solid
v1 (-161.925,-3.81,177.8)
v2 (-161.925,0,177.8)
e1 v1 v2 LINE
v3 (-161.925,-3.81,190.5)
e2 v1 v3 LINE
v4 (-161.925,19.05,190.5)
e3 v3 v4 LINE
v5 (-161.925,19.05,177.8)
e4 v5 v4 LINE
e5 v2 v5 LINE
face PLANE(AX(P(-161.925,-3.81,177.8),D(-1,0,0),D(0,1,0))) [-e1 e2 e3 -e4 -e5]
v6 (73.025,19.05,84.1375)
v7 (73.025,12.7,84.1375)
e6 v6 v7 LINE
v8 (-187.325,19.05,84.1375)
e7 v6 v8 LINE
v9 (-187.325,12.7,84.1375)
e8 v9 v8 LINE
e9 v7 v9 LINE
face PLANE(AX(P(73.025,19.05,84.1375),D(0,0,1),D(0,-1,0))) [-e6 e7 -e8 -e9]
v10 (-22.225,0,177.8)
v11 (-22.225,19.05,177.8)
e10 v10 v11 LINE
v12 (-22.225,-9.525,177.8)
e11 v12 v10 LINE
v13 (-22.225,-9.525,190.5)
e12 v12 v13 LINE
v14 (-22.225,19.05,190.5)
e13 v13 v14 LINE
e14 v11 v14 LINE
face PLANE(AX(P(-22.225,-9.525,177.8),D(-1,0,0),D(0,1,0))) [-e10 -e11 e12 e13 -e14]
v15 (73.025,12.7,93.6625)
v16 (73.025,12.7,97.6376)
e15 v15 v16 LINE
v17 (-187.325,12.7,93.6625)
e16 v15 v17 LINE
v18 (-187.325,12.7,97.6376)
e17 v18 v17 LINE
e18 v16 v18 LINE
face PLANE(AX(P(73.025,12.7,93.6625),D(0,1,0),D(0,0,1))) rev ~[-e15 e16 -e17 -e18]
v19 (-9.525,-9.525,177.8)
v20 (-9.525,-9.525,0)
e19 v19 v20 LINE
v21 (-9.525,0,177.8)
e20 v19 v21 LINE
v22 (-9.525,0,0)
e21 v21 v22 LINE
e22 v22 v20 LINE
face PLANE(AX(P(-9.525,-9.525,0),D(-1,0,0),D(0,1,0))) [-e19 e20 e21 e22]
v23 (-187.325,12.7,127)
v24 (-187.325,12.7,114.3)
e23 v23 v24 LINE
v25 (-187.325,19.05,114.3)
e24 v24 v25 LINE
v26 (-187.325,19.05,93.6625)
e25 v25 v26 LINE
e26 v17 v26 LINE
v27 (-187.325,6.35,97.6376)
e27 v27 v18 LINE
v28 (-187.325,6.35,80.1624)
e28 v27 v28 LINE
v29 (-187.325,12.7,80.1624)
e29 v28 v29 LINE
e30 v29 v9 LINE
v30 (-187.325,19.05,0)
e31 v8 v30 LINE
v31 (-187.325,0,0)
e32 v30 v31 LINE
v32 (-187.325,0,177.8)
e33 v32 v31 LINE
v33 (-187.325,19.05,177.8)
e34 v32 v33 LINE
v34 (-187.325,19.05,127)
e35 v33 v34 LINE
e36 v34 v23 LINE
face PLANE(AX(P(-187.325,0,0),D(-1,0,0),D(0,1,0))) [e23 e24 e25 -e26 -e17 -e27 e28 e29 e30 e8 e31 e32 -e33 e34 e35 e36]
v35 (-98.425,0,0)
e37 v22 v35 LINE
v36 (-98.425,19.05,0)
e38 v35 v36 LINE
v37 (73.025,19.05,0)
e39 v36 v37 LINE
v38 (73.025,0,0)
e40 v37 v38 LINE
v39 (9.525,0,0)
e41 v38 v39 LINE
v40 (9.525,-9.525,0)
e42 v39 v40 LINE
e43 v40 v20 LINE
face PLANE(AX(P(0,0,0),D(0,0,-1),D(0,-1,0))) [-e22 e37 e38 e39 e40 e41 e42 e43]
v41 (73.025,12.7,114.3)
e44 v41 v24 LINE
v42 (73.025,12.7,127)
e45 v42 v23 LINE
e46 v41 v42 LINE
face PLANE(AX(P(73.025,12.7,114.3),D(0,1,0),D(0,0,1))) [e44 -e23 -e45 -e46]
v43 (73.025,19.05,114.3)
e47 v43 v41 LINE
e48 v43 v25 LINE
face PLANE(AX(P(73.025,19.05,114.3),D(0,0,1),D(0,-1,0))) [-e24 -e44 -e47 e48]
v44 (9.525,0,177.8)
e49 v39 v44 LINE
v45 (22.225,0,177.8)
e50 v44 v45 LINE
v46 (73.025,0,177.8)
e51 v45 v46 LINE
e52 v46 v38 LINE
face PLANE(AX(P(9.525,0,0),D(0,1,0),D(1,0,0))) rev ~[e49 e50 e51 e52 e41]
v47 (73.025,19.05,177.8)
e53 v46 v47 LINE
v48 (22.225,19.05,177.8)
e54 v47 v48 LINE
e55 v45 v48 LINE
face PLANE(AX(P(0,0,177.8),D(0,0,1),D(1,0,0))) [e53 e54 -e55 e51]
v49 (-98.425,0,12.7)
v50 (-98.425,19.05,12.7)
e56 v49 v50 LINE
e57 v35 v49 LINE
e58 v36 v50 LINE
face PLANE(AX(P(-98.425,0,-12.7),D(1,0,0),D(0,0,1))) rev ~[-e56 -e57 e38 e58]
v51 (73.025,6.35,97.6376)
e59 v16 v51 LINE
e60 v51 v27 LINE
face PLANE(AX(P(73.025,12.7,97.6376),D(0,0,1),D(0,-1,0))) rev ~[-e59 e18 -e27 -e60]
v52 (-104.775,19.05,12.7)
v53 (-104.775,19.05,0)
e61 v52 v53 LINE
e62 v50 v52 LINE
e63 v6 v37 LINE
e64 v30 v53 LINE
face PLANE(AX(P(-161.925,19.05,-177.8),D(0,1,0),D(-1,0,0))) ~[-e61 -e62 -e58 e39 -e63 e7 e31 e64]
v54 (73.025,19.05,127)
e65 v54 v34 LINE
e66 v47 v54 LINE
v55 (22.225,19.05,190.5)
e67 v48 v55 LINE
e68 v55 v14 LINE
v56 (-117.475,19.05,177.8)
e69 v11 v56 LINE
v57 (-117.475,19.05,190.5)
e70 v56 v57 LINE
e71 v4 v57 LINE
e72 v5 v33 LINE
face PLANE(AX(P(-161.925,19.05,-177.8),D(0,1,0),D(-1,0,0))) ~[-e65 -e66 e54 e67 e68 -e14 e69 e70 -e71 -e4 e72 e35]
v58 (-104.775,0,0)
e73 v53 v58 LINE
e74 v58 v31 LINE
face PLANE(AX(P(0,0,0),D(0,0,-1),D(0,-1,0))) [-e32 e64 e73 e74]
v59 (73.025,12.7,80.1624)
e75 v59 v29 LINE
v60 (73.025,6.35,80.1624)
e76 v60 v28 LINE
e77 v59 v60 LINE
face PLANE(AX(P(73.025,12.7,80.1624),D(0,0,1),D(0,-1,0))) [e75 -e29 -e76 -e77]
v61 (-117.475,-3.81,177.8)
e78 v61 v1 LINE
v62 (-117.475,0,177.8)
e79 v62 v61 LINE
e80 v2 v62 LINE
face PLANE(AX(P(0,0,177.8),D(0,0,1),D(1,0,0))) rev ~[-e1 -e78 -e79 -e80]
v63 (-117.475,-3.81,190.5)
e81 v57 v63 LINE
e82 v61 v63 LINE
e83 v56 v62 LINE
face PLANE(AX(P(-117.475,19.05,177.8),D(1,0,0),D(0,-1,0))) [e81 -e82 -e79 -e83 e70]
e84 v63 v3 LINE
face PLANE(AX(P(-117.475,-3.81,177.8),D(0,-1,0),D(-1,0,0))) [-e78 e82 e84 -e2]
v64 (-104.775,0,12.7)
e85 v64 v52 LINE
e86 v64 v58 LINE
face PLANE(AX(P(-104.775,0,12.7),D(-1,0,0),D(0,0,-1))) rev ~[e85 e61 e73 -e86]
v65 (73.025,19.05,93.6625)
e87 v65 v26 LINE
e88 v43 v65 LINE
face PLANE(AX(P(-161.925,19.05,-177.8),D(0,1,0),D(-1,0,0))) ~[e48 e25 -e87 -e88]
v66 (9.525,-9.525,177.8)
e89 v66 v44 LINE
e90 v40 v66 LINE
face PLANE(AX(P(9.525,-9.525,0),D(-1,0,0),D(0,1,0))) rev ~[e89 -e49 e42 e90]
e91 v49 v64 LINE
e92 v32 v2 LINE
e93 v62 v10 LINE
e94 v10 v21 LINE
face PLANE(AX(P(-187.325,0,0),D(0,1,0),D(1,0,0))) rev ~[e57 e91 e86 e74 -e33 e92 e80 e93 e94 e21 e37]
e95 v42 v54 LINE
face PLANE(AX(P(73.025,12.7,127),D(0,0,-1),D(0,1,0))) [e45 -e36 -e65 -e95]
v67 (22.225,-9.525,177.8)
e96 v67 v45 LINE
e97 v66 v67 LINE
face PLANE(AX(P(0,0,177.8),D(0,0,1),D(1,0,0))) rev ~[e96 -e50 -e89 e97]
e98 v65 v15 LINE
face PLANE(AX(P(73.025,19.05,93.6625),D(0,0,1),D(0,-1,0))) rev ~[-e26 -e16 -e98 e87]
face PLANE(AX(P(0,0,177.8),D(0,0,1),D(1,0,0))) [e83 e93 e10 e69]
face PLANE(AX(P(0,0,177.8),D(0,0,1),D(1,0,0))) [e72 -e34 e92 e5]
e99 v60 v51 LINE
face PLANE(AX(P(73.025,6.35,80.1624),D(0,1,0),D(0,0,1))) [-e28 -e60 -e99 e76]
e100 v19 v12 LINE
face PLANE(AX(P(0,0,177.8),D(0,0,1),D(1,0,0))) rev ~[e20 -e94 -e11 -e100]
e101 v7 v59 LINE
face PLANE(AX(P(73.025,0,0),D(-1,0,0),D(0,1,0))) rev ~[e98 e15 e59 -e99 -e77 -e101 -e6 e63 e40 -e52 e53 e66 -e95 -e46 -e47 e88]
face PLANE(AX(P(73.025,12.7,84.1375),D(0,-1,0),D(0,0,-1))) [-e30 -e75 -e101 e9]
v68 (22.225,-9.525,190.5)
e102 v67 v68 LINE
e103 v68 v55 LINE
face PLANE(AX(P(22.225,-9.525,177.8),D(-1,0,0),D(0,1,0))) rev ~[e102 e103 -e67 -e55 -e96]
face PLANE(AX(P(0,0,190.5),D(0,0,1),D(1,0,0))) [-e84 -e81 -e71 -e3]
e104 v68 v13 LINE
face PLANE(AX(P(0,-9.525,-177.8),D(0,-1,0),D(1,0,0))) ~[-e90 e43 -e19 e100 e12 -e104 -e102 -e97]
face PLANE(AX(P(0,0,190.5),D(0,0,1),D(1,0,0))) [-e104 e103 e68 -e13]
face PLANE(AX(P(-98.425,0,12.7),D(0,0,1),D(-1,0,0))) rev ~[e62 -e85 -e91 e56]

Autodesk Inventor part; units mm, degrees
ref_plane "YZ Plane" through (0, 0, 0) normal (1, 0, 0) x (0, 1, 0)
ref_plane "XZ Plane" through (0, 0, 0) normal (0, 1, 0) x (-1, 0, 0)
sketch "Sketch3" plane through (0, 0, 0) normal (0, 0, 1) x (1, 0, 0)
  line L0 (0, -9.525) -> (9.525, -9.525)
  line L1 (9.525, -9.525) -> (9.525, 0)
  line L2 (0, 0) -> (0, -9.525) construction
  line L3 (0, 0) -> (9.525, 0) construction
  line L4 (0, -9.525) -> (-9.525, -9.525)
  line L5 (-9.525, -9.525) -> (-9.525, 0)
  line L6 (9.525, 0) -> (73.025, 0)
  line L7 (-187.325, 0) -> (-187.325, 19.05)
  line L8 (-187.325, 0) -> (-9.525, 0)
  line L9 (73.025, 0) -> (73.025, 19.05)
  line L10 (73.025, 19.05) -> (-187.325, 19.05)
  dimension "d0" = 9.525
  dimension "d1" = 9.525
  dimension "d6" = 63.5
  dimension "d8" = 19.05
  dimension "d9" = 177.8
extrude "Extrusion1" add sketch "Sketch3" along normal mid plane 355.6
sketch "Sketch4" plane through (0, 0, 177.8) normal (0, 0, 1) x (1, 0, 0)
  line L0 (-187.325, 19.05) -> (73.025, 19.05) construction
  line L1 (0, 19.05) -> (0, -9.525) construction
  line L2 (9.525, -9.525) -> (-9.525, -9.525) construction
  line L3 (0, -9.525) -> (-22.225, -9.525)
  line L4 (-22.225, -9.525) -> (-22.225, 19.05)
  line L5 (-22.225, 19.05) -> (0, 19.05)
  line L6 (187.325, 19.05) -> (-73.025, 19.05) construction
  line L7 (0, -9.525) -> (22.225, -9.525)
  line L8 (22.225, -9.525) -> (22.225, 19.05)
  line L9 (0, 19.05) -> (22.225, 19.05)
  point P0 (0, 0)
  dimension "d12" = 22.225
extrude "Extrusion2" add sketch "Sketch4" along normal blind 12.7
mirror "Mirror1" about plane through (0, 0, 0) normal (0, 0, 1) of "Extrusion2"
sketch "Sketch6" plane through (-187.325, 0, -177.8) normal (0, -1, 0) x (1, 0, 0)
  line L0 (82.55, 165.1) -> (88.9, 165.1)
  line L1 (88.9, 165.1) -> (88.9, 190.5)
  line L2 (88.9, 190.5) -> (82.55, 190.5)
  line L3 (82.55, 190.5) -> (82.55, 165.1)
  line L4 (82.55, 165.1) -> (88.9, 190.5) construction
  line L5 (88.9, 165.1) -> (82.55, 190.5) construction
  line L6 (177.8, 0) -> (177.8, 355.6) projected
  point P0 (187.325, 177.8)
  point P1 (85.725, 177.8)
  dimension "d16" = 12.7
  dimension "d18" = 6.35
  dimension "d19" = 88.9
extrude "Extrusion3" cut sketch "Sketch6" against normal through all
sketch "Sketch7" plane through (0, 0, 177.8) normal (0, 0, 1) x (1, 0, 0)
  line L0 (-187.325, 19.05) -> (-22.225, 19.05) projected
  line L1 (-161.925, 19.05) -> (-117.475, 19.05)
  line L2 (-117.475, 19.05) -> (-117.475, -3.81)
  line L3 (-117.475, -3.81) -> (-161.925, -3.81)
  line L4 (-161.925, -3.81) -> (-161.925, 19.05)
  line L5 (-187.325, 19.05) -> (-187.325, 0) projected
  point P0 (0, 0)
  dimension "d22" = 44.45
  dimension "d23" = 22.86
  dimension "d24" = 25.4
extrude "Extrusion4" add sketch "Sketch7" along normal blind 12.7
mirror "Mirror2" about plane through (0, 0, 0) normal (0, 0, 1) of "Extrusion4"
sketch "Sketch9" plane through (73.025, 0, 177.8) normal (1, 0, 0) x (0, 0, -1)
  line L0 (355.6, 19.05) -> (0, 19.05) projected
  line L1 (50.8, 19.05) -> (63.5, 19.05)
  line L2 (63.5, 19.05) -> (63.5, 12.7)
  line L3 (63.5, 12.7) -> (50.8, 12.7)
  line L4 (50.8, 12.7) -> (50.8, 19.05)
  line L5 (0, 0) -> (0, 19.05) projected
  point P0 (177.8, 0)
  dimension "d28" = 12.7
  dimension "d29" = 6.35
  dimension "d30" = 50.8
extrude "Extrusion5" cut sketch "Sketch9" against normal through all
mirror "Mirror3" about plane through (0, 0, 0) normal (0, 0, 1) of "Extrusion5"
sketch "Sketch12" plane through (73.025, 0, 177.8) normal (1, 0, 0) x (0, 0, -1)
  line L0 (355.6, 0) -> (0, 0) construction
  line L1 (88.9, 0) -> (88.9, 16.5009) construction
  line L2 (0, 0) -> (0, 19.05) projected
  line L3 (50.8, 19.05) -> (0, 19.05) projected
  line L4 (84.1375, 19.05) -> (84.1375, 12.7)
  line L5 (84.1375, 12.7) -> (80.1624, 12.7)
  line L6 (80.1624, 12.7) -> (80.1624, 6.35)
  line L7 (80.1624, 6.35) -> (88.9, 6.35)
  line L8 (93.6625, 19.05) -> (93.6625, 12.7)
  line L9 (93.6625, 12.7) -> (97.6376, 12.7)
  line L10 (97.6376, 12.7) -> (97.6376, 6.35)
  line L11 (97.6376, 6.35) -> (88.9, 6.35)
  line L12 (84.1375, 19.05) -> (93.6625, 19.05)
  point P0 (177.8, 0)
  dimension "d46" = 88.9
  dimension "d47" = 4.7625
  dimension "d48" = 6.35
  dimension "d49" = 6.35
  dimension "d50" = 8.7376
extrude "Extrusion8" cut sketch "Sketch12" against normal through all
mirror "Mirror4" about plane through (0, 0, 0) normal (0, 0, 1) of "Extrusion8"
split "Split2" plane through (0, 0, 0) removes the side toward (0, 0, -1)
ref_plane "Work Plane1" through (-60.325, 0, 177.8) normal (1, 0, 0) x (0, 0, -1)
properties part number "BandSawJigBottomSpiltA" material "LCP Plastic"
